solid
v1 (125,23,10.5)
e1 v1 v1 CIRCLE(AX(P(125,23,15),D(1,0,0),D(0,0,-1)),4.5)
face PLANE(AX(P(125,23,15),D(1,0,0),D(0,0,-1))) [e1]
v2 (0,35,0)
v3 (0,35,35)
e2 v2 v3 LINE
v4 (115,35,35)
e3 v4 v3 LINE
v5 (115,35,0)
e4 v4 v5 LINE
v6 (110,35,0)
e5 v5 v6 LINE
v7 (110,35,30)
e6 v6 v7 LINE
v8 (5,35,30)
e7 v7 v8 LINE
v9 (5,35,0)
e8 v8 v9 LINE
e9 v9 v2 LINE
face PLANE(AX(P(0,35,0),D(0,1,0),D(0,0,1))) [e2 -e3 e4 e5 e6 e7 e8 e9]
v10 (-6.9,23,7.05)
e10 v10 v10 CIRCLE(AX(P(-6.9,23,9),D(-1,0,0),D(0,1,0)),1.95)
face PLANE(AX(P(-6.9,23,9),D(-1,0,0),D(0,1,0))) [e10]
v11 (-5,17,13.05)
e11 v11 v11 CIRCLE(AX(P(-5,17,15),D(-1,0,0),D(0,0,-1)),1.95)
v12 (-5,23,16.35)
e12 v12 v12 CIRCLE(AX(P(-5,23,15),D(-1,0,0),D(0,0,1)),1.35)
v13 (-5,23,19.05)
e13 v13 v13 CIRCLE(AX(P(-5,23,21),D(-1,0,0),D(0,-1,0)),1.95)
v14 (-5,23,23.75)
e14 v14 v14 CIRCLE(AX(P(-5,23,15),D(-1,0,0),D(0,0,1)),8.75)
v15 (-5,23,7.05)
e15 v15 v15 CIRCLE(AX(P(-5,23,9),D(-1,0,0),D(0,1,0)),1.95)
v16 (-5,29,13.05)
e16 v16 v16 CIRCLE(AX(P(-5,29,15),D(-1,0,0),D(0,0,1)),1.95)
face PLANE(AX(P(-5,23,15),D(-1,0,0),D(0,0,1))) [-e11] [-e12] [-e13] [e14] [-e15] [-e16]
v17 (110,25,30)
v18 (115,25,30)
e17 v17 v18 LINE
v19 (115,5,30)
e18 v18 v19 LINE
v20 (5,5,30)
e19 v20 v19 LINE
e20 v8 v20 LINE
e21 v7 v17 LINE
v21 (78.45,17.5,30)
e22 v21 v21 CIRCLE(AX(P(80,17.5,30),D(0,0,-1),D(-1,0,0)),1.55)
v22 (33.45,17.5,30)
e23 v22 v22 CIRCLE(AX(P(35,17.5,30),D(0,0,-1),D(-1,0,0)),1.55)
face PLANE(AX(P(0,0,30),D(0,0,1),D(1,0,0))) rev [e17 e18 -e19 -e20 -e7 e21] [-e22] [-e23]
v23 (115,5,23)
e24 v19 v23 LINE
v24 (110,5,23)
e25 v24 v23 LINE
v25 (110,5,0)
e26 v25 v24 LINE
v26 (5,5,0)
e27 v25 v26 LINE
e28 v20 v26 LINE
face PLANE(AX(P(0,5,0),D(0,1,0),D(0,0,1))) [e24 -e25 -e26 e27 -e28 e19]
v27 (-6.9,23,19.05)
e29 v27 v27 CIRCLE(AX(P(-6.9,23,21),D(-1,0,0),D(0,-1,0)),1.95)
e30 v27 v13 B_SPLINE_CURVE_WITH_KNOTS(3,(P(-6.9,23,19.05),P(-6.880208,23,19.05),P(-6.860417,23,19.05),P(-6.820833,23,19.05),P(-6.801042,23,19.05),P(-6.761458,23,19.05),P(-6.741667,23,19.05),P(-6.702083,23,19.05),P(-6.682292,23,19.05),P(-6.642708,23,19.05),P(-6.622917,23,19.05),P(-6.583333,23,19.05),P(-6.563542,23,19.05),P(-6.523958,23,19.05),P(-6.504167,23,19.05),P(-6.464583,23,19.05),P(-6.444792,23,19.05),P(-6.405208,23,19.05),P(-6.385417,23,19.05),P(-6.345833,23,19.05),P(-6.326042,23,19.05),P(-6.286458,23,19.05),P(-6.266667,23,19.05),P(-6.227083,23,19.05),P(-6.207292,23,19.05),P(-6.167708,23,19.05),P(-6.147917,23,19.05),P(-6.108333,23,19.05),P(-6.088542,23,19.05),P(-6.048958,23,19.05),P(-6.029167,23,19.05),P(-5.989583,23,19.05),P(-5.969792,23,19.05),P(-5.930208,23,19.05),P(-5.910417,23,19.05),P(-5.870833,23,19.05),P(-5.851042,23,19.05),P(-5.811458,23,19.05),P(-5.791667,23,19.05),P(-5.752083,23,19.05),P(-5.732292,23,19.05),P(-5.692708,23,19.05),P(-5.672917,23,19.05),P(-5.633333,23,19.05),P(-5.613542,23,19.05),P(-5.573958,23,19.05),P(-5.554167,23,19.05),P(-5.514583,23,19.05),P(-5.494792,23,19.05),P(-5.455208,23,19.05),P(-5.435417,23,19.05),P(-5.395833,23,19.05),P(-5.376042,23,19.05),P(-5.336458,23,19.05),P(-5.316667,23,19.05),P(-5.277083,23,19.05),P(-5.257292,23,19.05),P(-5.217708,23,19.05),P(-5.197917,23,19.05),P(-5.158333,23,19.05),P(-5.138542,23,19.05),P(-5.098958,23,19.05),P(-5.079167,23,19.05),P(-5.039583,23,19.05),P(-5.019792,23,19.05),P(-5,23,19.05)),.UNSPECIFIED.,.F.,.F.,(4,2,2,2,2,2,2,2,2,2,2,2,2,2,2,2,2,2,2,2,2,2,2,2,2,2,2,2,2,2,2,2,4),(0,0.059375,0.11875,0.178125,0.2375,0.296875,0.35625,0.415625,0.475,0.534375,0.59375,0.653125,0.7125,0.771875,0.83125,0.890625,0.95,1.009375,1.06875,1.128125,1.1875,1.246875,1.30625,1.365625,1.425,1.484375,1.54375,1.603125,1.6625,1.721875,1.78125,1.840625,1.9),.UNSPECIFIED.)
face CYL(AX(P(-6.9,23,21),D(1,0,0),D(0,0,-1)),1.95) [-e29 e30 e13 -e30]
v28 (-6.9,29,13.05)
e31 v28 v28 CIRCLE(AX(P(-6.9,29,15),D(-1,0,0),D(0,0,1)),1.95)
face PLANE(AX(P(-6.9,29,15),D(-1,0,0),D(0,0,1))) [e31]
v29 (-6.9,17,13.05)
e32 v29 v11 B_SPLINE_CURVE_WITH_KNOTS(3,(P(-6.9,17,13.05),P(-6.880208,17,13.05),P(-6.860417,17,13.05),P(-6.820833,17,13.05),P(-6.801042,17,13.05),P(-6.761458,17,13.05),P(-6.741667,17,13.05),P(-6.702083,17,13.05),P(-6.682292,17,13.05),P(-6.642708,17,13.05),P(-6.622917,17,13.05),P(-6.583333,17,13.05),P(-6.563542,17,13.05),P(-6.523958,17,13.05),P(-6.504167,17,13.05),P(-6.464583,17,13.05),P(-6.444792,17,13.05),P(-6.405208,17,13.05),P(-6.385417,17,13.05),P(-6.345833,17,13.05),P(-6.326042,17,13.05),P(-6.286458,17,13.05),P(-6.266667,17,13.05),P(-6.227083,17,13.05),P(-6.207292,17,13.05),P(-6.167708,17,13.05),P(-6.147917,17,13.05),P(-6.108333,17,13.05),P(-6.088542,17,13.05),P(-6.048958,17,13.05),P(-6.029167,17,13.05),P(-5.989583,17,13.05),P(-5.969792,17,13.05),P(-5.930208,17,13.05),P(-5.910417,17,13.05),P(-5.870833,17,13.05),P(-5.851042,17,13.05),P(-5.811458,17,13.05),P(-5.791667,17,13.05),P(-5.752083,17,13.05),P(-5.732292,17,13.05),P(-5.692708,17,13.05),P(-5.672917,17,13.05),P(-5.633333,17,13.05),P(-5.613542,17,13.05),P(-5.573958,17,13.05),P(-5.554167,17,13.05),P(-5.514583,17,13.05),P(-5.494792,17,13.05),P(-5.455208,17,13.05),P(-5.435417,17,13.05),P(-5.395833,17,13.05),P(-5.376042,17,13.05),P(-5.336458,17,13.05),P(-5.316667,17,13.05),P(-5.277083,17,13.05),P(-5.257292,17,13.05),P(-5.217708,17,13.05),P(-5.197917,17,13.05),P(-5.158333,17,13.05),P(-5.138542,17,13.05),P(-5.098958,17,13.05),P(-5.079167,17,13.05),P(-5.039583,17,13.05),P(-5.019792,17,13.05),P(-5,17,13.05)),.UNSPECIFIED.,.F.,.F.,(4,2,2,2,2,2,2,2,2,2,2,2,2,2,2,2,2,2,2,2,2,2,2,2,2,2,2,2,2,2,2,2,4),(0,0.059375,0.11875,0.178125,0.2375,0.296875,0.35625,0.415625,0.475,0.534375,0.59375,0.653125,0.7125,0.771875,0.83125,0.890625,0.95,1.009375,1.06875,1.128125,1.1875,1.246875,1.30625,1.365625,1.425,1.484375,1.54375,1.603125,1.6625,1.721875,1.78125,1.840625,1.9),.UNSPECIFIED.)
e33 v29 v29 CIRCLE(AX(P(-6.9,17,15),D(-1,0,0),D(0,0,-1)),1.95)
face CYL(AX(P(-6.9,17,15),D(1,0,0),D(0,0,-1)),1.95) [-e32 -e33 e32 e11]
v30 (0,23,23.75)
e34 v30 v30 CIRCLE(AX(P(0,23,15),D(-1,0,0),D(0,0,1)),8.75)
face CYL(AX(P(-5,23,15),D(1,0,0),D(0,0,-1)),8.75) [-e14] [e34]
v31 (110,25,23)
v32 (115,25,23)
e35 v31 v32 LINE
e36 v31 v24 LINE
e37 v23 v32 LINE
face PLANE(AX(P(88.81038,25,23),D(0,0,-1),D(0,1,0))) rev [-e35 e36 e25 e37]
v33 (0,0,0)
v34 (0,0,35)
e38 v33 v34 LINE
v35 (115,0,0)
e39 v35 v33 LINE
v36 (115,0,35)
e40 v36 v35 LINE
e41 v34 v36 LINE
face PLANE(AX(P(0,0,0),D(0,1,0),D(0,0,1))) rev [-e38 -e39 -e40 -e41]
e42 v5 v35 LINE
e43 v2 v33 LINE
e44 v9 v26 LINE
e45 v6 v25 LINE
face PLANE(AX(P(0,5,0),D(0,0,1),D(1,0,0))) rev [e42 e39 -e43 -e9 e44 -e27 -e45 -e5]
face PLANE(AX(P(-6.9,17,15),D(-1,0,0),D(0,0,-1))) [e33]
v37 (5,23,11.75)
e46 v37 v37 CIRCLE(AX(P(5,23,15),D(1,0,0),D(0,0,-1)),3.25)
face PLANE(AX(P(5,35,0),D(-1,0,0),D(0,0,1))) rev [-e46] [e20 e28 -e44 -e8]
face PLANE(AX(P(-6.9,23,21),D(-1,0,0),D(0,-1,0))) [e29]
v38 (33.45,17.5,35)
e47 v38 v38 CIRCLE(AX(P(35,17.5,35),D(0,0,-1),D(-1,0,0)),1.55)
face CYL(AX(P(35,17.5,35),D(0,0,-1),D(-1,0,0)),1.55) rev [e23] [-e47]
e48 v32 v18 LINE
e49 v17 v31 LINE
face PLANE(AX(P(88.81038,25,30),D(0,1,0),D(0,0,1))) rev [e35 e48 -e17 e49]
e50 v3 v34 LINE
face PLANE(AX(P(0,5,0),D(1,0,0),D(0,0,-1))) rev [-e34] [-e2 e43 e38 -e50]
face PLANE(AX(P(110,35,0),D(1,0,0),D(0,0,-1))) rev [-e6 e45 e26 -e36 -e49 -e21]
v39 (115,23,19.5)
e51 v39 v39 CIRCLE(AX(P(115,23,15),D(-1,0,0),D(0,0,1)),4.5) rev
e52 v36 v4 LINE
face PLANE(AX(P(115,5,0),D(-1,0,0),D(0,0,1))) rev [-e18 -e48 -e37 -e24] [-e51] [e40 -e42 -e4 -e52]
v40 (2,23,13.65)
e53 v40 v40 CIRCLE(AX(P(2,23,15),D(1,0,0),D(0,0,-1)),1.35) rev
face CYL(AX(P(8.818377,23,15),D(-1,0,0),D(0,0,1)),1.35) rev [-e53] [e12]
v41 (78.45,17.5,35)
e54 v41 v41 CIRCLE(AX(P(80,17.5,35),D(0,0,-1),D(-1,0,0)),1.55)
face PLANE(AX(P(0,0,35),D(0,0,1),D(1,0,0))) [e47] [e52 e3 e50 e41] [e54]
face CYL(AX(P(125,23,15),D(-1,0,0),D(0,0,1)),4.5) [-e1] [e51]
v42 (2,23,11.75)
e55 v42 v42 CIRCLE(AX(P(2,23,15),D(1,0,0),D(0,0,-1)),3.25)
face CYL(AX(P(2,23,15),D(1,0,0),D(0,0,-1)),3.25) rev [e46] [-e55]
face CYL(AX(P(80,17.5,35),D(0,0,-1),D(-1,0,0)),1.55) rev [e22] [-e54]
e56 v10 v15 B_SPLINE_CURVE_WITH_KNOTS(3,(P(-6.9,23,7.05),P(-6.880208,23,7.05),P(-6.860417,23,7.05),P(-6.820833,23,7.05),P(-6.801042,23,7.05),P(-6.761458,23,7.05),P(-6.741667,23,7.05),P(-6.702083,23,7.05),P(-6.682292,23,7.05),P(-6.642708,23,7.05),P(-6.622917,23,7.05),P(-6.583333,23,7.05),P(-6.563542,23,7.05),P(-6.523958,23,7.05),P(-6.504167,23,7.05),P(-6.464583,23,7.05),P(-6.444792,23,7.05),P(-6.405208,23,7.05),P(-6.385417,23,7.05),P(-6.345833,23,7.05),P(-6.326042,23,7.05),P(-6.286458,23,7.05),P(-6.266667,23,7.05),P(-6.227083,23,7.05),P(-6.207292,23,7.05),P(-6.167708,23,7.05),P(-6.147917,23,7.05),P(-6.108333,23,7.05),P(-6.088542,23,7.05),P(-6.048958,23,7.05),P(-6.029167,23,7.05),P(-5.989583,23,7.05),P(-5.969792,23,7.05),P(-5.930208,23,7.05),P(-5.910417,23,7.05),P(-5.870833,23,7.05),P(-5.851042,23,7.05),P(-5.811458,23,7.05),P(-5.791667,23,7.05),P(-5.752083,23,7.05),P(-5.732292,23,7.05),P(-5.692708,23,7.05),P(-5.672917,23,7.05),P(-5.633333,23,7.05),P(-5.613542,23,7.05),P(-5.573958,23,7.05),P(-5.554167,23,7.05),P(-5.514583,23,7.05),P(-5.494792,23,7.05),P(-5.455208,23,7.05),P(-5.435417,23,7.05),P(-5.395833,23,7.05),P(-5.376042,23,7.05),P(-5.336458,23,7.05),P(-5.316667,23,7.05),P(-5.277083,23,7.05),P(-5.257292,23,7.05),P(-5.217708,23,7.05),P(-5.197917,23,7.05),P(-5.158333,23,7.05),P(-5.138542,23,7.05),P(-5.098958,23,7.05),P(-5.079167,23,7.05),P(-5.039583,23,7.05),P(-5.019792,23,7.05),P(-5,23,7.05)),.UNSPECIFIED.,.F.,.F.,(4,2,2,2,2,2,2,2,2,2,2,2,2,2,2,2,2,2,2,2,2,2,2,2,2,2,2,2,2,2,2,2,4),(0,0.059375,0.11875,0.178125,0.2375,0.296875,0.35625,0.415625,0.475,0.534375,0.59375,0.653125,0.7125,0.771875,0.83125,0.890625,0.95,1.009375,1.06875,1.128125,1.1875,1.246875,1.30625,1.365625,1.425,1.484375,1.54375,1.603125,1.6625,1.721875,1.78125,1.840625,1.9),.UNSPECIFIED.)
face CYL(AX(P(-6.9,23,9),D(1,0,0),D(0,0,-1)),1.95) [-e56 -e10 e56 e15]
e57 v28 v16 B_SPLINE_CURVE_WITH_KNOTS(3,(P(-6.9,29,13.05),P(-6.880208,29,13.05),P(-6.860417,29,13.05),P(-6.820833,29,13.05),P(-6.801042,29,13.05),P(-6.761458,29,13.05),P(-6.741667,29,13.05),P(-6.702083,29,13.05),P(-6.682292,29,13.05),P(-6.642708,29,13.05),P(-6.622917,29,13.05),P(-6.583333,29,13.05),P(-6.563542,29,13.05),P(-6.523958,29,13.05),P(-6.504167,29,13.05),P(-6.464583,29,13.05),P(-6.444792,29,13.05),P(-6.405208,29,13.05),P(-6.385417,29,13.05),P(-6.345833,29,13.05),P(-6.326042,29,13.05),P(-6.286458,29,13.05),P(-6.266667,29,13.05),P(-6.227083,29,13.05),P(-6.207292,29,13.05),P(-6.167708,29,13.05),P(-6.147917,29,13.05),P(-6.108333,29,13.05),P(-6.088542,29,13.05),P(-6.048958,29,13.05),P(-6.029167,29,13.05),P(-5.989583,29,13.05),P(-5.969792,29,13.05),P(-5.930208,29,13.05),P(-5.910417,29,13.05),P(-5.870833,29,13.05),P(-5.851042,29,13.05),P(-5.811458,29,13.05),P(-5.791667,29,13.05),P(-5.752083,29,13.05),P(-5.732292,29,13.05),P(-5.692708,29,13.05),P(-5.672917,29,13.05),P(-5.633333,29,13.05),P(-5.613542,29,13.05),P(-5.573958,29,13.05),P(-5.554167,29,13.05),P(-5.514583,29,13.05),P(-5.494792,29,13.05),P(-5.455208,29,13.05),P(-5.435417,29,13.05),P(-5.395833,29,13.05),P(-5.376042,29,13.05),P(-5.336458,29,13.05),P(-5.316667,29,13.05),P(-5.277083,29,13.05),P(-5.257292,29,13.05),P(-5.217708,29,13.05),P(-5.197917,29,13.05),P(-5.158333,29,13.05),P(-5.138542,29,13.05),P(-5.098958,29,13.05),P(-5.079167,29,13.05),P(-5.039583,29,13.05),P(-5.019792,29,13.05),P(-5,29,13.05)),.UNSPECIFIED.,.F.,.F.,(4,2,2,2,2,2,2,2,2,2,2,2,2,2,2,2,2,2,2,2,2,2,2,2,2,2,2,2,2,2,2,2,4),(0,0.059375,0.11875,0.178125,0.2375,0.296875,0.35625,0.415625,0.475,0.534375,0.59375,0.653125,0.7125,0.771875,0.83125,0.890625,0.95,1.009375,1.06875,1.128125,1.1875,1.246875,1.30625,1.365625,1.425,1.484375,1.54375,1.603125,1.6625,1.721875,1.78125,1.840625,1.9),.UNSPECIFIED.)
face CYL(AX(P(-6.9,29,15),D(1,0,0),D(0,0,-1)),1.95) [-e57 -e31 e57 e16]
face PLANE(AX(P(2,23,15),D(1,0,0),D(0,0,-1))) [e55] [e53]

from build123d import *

# Parameters (mm, degrees)
SKETCH1_W           = 115
SKETCH1_H           = 30
BOSS_EXTRUDE1_DEPTH = 5
SKETCH2_W           = 5
SKETCH2_H           = 30
BOSS_EXTRUDE2_DEPTH = 30
SKETCH3_R           = 8.75
BOSS_EXTRUDE3_DEPTH = 5
SKETCH4_R           = 1.95
BOSS_EXTRUDE4_DEPTH = 1.9
CIRPATTERN1_COUNT   = 4
SKETCH5_W           = 115
SKETCH5_H           = 35
BOSS_EXTRUDE5_DEPTH = 5
SKETCH6_R           = 1.55
CUT_EXTRUDE2_DEPTH  = 124.895116934
SKETCH7_R           = 1.35
CUT_EXTRUDE3_DEPTH  = 10
SKETCH8_R           = 3.25
CUT_EXTRUDE4_DEPTH  = 3
SKETCH9_W           = 7
SKETCH9_H           = 20
CUT_EXTRUDE5_DEPTH  = 5
SKETCH10_R          = 4.5
BOSS_EXTRUDE6_DEPTH = 10


with BuildPart() as part:
    # Sketch1 → Boss-Extrude1 (new body)
    with BuildSketch(Plane(origin=(0, 0, 0), x_dir=(1, 0, 0), z_dir=(0, 1, 0))):
        with Locations((57.5, -15)):
            Rectangle(SKETCH1_W, SKETCH1_H)
    extrude(amount=BOSS_EXTRUDE1_DEPTH)

    # Sketch2 → Boss-Extrude2 (add)
    with BuildSketch(Plane(origin=(0, 5, 0), x_dir=(1, 0, 0), z_dir=(0, 1, 0))):
        with Locations((2.5, -15)):
            Rectangle(SKETCH2_W, SKETCH2_H)
        with Locations((112.5, -15)):
            Rectangle(SKETCH2_W, SKETCH2_H)
    extrude(amount=BOSS_EXTRUDE2_DEPTH)

    # Sketch3 → Boss-Extrude3 (add)
    with BuildSketch(Plane.ZY):
        with Locations((15, 23)):
            Circle(SKETCH3_R)
    extrude(amount=BOSS_EXTRUDE3_DEPTH)

    # Sketch4 → Boss-Extrude4 (add)
    with BuildSketch(Plane.ZY.offset(5)):
        with Locations(Location((15, 29, 0), (0, 0, 180))):
            Circle(SKETCH4_R)
    boss_extrude4 = extrude(amount=BOSS_EXTRUDE4_DEPTH)

    # CirPattern1: Boss-Extrude4 ×4 about axis
    cirpattern1_axis = Axis((0, 23, 15), (1, 0, 0))
    for i in range(1, CIRPATTERN1_COUNT):
        add(boss_extrude4.rotate(cirpattern1_axis, i * 360 / CIRPATTERN1_COUNT))

    # Sketch5 → Boss-Extrude5 (add)
    with BuildSketch(Plane.XY.offset(30)):
        with Locations((57.5, 17.5)):
            Rectangle(SKETCH5_W, SKETCH5_H)
    extrude(amount=BOSS_EXTRUDE5_DEPTH)

    # Sketch6 → Cut-Extrude2 (cut, through all)
    with BuildSketch(Plane(origin=(0, 0, 30), x_dir=(-1, 0, 0), z_dir=(0, 0, -1))):
        with Locations((-80, 17.5)):
            Circle(SKETCH6_R)
        with Locations((-35, 17.5)):
            Circle(SKETCH6_R)
    extrude(amount=-CUT_EXTRUDE2_DEPTH, mode=Mode.SUBTRACT)

    # Sketch7 → Cut-Extrude3 (cut)
    with BuildSketch(Plane.ZY.offset(5)):
        with Locations((15, 23)):
            Circle(SKETCH7_R)
    extrude(amount=-CUT_EXTRUDE3_DEPTH, mode=Mode.SUBTRACT)

    # Sketch8 → Cut-Extrude4 (cut)
    with BuildSketch(Plane(origin=(5, 0, 0), x_dir=(0, 0, -1), z_dir=(1, 0, 0))):
        with Locations((-15, 23)):
            Circle(SKETCH8_R)
    extrude(amount=-CUT_EXTRUDE4_DEPTH, mode=Mode.SUBTRACT)

    # Sketch9 → Cut-Extrude5 (cut)
    with BuildSketch(Plane(origin=(115, 0, 0), x_dir=(0, 0, -1), z_dir=(1, 0, 0))):
        with Locations((-26.5, 15)):
            Rectangle(SKETCH9_W, SKETCH9_H)
    extrude(amount=-CUT_EXTRUDE5_DEPTH, mode=Mode.SUBTRACT)

    # Sketch10 → Boss-Extrude6 (add)
    with BuildSketch(Plane(origin=(115, 0, 0), x_dir=(0, 0, -1), z_dir=(1, 0, 0))):
        with Locations(Location((-15, 23, 0), (0, 0, 180))):
            Circle(SKETCH10_R)
    extrude(amount=BOSS_EXTRUDE6_DEPTH)


solid = part.part
